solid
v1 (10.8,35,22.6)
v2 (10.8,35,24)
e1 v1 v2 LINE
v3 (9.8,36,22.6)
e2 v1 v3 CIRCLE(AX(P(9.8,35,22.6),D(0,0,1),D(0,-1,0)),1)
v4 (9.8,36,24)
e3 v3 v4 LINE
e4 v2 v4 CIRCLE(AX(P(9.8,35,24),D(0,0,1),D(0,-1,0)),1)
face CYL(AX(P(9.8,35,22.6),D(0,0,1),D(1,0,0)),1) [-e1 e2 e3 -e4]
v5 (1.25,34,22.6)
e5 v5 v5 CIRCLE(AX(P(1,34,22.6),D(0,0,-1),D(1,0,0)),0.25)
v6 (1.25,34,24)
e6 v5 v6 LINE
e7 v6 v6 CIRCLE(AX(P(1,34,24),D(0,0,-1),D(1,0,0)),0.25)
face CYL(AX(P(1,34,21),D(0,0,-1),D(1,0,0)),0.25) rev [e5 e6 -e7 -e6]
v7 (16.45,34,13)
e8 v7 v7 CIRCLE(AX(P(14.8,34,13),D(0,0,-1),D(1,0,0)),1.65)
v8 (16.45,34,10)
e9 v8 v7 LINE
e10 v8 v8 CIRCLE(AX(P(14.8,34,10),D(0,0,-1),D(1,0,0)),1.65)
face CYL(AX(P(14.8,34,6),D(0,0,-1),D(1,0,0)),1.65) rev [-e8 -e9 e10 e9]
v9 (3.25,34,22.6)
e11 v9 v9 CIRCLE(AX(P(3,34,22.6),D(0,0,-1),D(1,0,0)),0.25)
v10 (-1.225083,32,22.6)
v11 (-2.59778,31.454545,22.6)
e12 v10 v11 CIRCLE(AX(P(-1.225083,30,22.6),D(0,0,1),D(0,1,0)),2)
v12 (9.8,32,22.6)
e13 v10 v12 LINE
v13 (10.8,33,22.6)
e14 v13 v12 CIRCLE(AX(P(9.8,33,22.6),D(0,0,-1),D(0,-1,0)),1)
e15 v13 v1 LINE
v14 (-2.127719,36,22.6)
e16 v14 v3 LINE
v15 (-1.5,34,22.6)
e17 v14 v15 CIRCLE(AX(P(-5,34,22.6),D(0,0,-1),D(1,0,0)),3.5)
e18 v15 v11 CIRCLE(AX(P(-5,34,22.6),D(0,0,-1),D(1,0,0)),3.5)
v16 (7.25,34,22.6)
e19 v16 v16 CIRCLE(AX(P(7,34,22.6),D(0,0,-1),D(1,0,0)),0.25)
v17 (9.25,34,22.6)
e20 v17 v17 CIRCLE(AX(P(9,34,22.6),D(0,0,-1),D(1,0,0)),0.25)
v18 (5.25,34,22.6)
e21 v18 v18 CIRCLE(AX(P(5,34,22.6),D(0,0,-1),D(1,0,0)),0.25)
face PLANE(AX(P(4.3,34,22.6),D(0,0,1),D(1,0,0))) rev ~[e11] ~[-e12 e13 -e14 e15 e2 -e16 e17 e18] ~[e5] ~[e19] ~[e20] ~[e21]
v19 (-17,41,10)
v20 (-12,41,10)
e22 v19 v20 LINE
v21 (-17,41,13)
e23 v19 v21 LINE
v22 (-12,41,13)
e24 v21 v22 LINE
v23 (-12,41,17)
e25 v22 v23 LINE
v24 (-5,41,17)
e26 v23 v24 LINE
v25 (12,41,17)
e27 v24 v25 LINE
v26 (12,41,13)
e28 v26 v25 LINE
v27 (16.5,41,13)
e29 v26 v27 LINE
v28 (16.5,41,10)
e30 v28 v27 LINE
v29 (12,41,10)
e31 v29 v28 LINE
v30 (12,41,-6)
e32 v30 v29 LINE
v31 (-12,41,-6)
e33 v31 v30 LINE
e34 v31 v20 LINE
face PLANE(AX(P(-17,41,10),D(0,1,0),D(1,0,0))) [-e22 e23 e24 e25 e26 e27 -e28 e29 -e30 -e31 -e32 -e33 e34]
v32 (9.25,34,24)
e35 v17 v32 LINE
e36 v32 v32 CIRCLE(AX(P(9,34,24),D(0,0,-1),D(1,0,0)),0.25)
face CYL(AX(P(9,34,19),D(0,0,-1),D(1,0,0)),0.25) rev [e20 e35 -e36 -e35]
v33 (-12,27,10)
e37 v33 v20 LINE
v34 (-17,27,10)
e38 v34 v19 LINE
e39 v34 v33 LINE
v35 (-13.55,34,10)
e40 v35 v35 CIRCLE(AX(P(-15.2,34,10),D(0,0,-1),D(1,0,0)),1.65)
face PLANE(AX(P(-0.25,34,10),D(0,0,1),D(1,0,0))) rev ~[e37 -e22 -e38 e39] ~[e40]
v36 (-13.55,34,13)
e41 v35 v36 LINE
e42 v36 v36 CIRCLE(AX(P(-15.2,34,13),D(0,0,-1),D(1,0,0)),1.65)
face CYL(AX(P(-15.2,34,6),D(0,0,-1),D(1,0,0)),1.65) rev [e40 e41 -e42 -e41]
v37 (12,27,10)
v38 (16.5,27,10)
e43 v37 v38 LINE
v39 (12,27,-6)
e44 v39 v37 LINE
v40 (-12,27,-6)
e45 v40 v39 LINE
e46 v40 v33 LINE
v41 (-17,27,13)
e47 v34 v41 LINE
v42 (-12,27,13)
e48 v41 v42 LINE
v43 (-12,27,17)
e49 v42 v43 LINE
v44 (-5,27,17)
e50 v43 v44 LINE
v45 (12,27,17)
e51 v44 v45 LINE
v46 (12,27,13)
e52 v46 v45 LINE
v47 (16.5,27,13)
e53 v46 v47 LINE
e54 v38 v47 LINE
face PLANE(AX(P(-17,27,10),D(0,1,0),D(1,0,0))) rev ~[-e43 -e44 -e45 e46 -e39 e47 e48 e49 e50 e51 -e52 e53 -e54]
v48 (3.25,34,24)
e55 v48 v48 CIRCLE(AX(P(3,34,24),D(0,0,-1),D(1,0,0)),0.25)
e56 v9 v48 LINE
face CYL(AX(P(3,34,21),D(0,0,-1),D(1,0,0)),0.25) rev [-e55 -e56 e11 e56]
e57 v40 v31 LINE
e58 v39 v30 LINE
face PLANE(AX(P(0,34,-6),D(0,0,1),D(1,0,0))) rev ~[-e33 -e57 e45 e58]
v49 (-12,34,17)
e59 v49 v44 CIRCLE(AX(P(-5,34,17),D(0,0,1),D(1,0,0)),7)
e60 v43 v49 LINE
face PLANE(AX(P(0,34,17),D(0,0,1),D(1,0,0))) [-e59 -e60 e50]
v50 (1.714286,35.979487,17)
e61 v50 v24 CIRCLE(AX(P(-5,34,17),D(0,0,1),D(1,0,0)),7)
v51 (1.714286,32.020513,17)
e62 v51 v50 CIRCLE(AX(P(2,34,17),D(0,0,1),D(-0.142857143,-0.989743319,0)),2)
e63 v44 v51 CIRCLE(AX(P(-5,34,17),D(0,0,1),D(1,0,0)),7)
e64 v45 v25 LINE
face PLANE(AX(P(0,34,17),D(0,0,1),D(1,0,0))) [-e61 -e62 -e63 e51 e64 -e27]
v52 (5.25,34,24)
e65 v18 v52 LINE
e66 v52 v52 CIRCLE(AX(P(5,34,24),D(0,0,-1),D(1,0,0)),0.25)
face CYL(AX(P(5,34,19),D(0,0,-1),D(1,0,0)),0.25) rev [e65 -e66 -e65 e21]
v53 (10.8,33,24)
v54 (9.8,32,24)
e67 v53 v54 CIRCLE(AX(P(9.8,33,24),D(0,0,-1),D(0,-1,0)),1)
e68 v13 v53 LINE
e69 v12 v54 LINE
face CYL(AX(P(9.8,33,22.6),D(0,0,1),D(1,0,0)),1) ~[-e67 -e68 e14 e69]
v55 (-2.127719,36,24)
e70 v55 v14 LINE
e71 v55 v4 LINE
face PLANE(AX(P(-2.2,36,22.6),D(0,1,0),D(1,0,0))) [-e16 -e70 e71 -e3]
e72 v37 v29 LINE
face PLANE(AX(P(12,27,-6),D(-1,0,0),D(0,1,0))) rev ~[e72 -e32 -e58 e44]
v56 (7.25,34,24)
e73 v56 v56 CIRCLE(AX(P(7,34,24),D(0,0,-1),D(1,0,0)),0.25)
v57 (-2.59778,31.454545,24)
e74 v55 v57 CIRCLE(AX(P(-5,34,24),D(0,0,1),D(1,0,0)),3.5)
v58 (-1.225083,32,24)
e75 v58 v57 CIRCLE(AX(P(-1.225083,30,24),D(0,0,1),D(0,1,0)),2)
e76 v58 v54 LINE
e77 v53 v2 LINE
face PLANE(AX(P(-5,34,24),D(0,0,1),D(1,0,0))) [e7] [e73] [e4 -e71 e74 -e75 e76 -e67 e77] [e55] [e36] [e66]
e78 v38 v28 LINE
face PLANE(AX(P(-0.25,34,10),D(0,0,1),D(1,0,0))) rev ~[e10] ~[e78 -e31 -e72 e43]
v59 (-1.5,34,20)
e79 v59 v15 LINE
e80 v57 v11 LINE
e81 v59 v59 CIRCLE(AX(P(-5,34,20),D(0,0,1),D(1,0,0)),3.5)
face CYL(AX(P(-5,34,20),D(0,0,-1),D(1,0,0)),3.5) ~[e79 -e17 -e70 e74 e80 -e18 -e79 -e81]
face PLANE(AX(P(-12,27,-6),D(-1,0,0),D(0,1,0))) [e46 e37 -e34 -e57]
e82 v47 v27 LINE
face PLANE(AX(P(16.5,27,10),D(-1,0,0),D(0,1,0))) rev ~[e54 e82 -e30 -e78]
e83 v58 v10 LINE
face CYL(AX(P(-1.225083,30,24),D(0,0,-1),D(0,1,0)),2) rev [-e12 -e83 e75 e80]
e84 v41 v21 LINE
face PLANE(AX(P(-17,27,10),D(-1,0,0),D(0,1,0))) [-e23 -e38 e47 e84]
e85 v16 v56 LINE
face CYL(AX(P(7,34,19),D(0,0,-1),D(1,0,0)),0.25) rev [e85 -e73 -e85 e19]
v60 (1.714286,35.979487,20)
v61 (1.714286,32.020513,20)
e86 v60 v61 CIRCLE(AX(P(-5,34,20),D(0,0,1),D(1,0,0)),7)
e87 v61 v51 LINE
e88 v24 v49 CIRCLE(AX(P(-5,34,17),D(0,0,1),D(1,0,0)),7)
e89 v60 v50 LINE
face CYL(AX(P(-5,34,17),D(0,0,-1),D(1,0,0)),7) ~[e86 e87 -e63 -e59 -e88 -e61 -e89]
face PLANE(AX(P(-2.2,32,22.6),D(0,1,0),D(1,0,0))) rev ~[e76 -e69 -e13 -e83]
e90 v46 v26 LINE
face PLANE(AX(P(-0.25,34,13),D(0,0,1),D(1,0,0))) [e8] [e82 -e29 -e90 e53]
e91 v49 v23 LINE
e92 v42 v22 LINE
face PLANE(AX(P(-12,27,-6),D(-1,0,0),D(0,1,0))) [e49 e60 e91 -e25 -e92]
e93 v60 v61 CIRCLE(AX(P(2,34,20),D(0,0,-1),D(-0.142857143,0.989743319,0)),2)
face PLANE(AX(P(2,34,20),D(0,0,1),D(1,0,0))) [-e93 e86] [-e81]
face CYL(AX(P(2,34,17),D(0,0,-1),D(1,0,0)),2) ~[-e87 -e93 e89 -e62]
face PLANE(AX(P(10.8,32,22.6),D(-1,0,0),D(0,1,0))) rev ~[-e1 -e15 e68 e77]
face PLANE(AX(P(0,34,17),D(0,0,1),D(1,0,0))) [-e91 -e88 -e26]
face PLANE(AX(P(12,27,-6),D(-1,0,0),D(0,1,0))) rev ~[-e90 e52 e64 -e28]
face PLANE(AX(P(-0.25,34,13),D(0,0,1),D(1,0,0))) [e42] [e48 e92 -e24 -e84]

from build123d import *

# Parameters (mm, degrees)
CYLINDER067_R     = 0.25
CYLINDER067_DEPTH = 10
CYLINDER068_R     = 0.25
CYLINDER068_DEPTH = 10
CYLINDER069_R     = 0.25
CYLINDER069_DEPTH = 10
CYLINDER070_R     = 0.25
CYLINDER070_DEPTH = 10
CYLINDER066_R     = 0.25
CYLINDER066_DEPTH = 10
BOX094_W          = 13
BOX094_H          = 4
BOX094_DEPTH      = 1.4
CYLINDER065_R     = 3.5
CYLINDER065_DEPTH = 4
FILLET027_R       = 2
FILLET030_R       = 1
FILLET031_R       = 1
CYLINDER064_R     = 1.65
CYLINDER064_DEPTH = 10
CYLINDER063_R     = 1.65
CYLINDER063_DEPTH = 10
BOX093_W          = 33.5
BOX093_H          = 14
BOX093_DEPTH      = 3
CYLINDER062_R     = 2
CYLINDER062_DEPTH = 3
CYLINDER061_R     = 7
CYLINDER061_DEPTH = 3
BOX092_W          = 24
BOX092_H          = 14
BOX092_DEPTH      = 23


with BuildPart() as cilindro067:
    # Cylinder067 → Cylinder067 (new body)
    with BuildSketch(Plane(origin=(19, 7, 25), x_dir=(1, 0, 0), z_dir=(0, 0, 1))):
        Circle(CYLINDER067_R)
    extrude(amount=CYLINDER067_DEPTH)


with BuildPart() as cilindro068:
    # Cylinder068 → Cylinder068 (new body)
    with BuildSketch(Plane(origin=(17, 7, 25), x_dir=(1, 0, 0), z_dir=(0, 0, 1))):
        Circle(CYLINDER068_R)
    extrude(amount=CYLINDER068_DEPTH)


with BuildPart() as cilindro069:
    # Cylinder069 → Cylinder069 (new body)
    with BuildSketch(Plane(origin=(15, 7, 27), x_dir=(1, 0, 0), z_dir=(0, 0, 1))):
        Circle(CYLINDER069_R)
    extrude(amount=CYLINDER069_DEPTH)


with BuildPart() as cilindro070:
    # Cylinder070 → Cylinder070 (new body)
    with BuildSketch(Plane(origin=(13, 7, 27), x_dir=(1, 0, 0), z_dir=(0, 0, 1))):
        Circle(CYLINDER070_R)
    extrude(amount=CYLINDER070_DEPTH)


with BuildPart() as cilindro066:
    # Cylinder066 → Cylinder066 (new body)
    with BuildSketch(Plane(origin=(21, 7, 25), x_dir=(1, 0, 0), z_dir=(0, 0, 1))):
        Circle(CYLINDER066_R)
    extrude(amount=CYLINDER066_DEPTH)


with BuildPart() as cubo094:
    # Box094 → Box094 (new body)
    with BuildSketch(Plane(origin=(9.8, 5, 28.6), x_dir=(1, 0, 0), z_dir=(0, 0, 1))):
        with Locations((6.5, 2)):
            Rectangle(BOX094_W, BOX094_H)
    extrude(amount=BOX094_DEPTH)


with BuildPart() as fillet031:
    # Cylinder065 → Cylinder065 (new body)
    with BuildSketch(Plane(origin=(7, 7, 26), x_dir=(1, 0, 0), z_dir=(0, 0, 1))):
        Circle(CYLINDER065_R)
    extrude(amount=CYLINDER065_DEPTH)

    # Fusion067: union Cubo094
    add(cubo094.part)

    # Fillet027
    fillet027_edges = [fillet031.edges().sort_by_distance(p)[0] for p in [
        (9.872281, 5, 29.3),
    ]]
    fillet(fillet027_edges, radius=FILLET027_R)

    # Fillet030
    fillet030_edges = [fillet031.edges().sort_by_distance(p)[0] for p in [
        (22.8, 5, 29.3),
    ]]
    fillet(fillet030_edges, radius=FILLET030_R)

    # Fillet031
    fillet031_edges = [fillet031.edges().sort_by_distance(p)[0] for p in [
        (22.8, 9, 29.3),
    ]]
    fillet(fillet031_edges, radius=FILLET031_R)


with BuildPart() as cilindro064:
    # Cylinder064 → Cylinder064 (new body)
    with BuildSketch(Plane(origin=(26.8, 7, 12), x_dir=(1, 0, 0), z_dir=(0, 0, 1))):
        Circle(CYLINDER064_R)
    extrude(amount=CYLINDER064_DEPTH)


with BuildPart() as cilindro063:
    # Cylinder063 → Cylinder063 (new body)
    with BuildSketch(Plane(origin=(-3.2, 7, 12), x_dir=(1, 0, 0), z_dir=(0, 0, 1))):
        Circle(CYLINDER063_R)
    extrude(amount=CYLINDER063_DEPTH)


with BuildPart() as cubo093:
    # Box093 → Box093 (new body)
    with BuildSketch(Plane(origin=(-5, 0, 16), x_dir=(1, 0, 0), z_dir=(0, 0, 1))):
        with Locations((16.75, 7)):
            Rectangle(BOX093_W, BOX093_H)
    extrude(amount=BOX093_DEPTH)


with BuildPart() as cilindro062:
    # Cylinder062 → Cylinder062 (new body)
    with BuildSketch(Plane(origin=(14, 7, 23), x_dir=(1, 0, 0), z_dir=(0, 0, 1))):
        Circle(CYLINDER062_R)
    extrude(amount=CYLINDER062_DEPTH)


with BuildPart() as fusion064:
    # Cylinder061 → Cylinder061 (new body)
    with BuildSketch(Plane(origin=(7, 7, 23), x_dir=(1, 0, 0), z_dir=(0, 0, 1))):
        Circle(CYLINDER061_R)
    extrude(amount=CYLINDER061_DEPTH)

    # Fusion064: union Cilindro062
    add(cilindro062.part)


with BuildPart() as servo006:
    # Box092 → Box092 (new body)
    with BuildSketch(Plane.XY):
        with Locations((12, 7)):
            Rectangle(BOX092_W, BOX092_H)
    extrude(amount=BOX092_DEPTH)

    # Fusion065: union Fusion064
    add(fusion064.part)

    # Fusion066: union Cubo093
    add(cubo093.part)

    # Cut086: cut Cilindro063
    add(cilindro063.part, mode=Mode.SUBTRACT)

    # Cut087: cut Cilindro064
    add(cilindro064.part, mode=Mode.SUBTRACT)

    # Fusion068: union Fillet031
    add(fillet031.part)

    # Cut088: cut Cilindro066
    add(cilindro066.part, mode=Mode.SUBTRACT)

    # Cut089: cut Cilindro070
    add(cilindro070.part, mode=Mode.SUBTRACT)

    # Cut090: cut Cilindro069
    add(cilindro069.part, mode=Mode.SUBTRACT)

    # Cut091: cut Cilindro068
    add(cilindro068.part, mode=Mode.SUBTRACT)

    # Cut092: cut Cilindro067
    add(cilindro067.part, mode=Mode.SUBTRACT)


with BuildPart() as servo006_1:
    # Cut092 placement: moved
    add(servo006.part.moved(Location((-12, 27, -6))))


solid = servo006_1.part
